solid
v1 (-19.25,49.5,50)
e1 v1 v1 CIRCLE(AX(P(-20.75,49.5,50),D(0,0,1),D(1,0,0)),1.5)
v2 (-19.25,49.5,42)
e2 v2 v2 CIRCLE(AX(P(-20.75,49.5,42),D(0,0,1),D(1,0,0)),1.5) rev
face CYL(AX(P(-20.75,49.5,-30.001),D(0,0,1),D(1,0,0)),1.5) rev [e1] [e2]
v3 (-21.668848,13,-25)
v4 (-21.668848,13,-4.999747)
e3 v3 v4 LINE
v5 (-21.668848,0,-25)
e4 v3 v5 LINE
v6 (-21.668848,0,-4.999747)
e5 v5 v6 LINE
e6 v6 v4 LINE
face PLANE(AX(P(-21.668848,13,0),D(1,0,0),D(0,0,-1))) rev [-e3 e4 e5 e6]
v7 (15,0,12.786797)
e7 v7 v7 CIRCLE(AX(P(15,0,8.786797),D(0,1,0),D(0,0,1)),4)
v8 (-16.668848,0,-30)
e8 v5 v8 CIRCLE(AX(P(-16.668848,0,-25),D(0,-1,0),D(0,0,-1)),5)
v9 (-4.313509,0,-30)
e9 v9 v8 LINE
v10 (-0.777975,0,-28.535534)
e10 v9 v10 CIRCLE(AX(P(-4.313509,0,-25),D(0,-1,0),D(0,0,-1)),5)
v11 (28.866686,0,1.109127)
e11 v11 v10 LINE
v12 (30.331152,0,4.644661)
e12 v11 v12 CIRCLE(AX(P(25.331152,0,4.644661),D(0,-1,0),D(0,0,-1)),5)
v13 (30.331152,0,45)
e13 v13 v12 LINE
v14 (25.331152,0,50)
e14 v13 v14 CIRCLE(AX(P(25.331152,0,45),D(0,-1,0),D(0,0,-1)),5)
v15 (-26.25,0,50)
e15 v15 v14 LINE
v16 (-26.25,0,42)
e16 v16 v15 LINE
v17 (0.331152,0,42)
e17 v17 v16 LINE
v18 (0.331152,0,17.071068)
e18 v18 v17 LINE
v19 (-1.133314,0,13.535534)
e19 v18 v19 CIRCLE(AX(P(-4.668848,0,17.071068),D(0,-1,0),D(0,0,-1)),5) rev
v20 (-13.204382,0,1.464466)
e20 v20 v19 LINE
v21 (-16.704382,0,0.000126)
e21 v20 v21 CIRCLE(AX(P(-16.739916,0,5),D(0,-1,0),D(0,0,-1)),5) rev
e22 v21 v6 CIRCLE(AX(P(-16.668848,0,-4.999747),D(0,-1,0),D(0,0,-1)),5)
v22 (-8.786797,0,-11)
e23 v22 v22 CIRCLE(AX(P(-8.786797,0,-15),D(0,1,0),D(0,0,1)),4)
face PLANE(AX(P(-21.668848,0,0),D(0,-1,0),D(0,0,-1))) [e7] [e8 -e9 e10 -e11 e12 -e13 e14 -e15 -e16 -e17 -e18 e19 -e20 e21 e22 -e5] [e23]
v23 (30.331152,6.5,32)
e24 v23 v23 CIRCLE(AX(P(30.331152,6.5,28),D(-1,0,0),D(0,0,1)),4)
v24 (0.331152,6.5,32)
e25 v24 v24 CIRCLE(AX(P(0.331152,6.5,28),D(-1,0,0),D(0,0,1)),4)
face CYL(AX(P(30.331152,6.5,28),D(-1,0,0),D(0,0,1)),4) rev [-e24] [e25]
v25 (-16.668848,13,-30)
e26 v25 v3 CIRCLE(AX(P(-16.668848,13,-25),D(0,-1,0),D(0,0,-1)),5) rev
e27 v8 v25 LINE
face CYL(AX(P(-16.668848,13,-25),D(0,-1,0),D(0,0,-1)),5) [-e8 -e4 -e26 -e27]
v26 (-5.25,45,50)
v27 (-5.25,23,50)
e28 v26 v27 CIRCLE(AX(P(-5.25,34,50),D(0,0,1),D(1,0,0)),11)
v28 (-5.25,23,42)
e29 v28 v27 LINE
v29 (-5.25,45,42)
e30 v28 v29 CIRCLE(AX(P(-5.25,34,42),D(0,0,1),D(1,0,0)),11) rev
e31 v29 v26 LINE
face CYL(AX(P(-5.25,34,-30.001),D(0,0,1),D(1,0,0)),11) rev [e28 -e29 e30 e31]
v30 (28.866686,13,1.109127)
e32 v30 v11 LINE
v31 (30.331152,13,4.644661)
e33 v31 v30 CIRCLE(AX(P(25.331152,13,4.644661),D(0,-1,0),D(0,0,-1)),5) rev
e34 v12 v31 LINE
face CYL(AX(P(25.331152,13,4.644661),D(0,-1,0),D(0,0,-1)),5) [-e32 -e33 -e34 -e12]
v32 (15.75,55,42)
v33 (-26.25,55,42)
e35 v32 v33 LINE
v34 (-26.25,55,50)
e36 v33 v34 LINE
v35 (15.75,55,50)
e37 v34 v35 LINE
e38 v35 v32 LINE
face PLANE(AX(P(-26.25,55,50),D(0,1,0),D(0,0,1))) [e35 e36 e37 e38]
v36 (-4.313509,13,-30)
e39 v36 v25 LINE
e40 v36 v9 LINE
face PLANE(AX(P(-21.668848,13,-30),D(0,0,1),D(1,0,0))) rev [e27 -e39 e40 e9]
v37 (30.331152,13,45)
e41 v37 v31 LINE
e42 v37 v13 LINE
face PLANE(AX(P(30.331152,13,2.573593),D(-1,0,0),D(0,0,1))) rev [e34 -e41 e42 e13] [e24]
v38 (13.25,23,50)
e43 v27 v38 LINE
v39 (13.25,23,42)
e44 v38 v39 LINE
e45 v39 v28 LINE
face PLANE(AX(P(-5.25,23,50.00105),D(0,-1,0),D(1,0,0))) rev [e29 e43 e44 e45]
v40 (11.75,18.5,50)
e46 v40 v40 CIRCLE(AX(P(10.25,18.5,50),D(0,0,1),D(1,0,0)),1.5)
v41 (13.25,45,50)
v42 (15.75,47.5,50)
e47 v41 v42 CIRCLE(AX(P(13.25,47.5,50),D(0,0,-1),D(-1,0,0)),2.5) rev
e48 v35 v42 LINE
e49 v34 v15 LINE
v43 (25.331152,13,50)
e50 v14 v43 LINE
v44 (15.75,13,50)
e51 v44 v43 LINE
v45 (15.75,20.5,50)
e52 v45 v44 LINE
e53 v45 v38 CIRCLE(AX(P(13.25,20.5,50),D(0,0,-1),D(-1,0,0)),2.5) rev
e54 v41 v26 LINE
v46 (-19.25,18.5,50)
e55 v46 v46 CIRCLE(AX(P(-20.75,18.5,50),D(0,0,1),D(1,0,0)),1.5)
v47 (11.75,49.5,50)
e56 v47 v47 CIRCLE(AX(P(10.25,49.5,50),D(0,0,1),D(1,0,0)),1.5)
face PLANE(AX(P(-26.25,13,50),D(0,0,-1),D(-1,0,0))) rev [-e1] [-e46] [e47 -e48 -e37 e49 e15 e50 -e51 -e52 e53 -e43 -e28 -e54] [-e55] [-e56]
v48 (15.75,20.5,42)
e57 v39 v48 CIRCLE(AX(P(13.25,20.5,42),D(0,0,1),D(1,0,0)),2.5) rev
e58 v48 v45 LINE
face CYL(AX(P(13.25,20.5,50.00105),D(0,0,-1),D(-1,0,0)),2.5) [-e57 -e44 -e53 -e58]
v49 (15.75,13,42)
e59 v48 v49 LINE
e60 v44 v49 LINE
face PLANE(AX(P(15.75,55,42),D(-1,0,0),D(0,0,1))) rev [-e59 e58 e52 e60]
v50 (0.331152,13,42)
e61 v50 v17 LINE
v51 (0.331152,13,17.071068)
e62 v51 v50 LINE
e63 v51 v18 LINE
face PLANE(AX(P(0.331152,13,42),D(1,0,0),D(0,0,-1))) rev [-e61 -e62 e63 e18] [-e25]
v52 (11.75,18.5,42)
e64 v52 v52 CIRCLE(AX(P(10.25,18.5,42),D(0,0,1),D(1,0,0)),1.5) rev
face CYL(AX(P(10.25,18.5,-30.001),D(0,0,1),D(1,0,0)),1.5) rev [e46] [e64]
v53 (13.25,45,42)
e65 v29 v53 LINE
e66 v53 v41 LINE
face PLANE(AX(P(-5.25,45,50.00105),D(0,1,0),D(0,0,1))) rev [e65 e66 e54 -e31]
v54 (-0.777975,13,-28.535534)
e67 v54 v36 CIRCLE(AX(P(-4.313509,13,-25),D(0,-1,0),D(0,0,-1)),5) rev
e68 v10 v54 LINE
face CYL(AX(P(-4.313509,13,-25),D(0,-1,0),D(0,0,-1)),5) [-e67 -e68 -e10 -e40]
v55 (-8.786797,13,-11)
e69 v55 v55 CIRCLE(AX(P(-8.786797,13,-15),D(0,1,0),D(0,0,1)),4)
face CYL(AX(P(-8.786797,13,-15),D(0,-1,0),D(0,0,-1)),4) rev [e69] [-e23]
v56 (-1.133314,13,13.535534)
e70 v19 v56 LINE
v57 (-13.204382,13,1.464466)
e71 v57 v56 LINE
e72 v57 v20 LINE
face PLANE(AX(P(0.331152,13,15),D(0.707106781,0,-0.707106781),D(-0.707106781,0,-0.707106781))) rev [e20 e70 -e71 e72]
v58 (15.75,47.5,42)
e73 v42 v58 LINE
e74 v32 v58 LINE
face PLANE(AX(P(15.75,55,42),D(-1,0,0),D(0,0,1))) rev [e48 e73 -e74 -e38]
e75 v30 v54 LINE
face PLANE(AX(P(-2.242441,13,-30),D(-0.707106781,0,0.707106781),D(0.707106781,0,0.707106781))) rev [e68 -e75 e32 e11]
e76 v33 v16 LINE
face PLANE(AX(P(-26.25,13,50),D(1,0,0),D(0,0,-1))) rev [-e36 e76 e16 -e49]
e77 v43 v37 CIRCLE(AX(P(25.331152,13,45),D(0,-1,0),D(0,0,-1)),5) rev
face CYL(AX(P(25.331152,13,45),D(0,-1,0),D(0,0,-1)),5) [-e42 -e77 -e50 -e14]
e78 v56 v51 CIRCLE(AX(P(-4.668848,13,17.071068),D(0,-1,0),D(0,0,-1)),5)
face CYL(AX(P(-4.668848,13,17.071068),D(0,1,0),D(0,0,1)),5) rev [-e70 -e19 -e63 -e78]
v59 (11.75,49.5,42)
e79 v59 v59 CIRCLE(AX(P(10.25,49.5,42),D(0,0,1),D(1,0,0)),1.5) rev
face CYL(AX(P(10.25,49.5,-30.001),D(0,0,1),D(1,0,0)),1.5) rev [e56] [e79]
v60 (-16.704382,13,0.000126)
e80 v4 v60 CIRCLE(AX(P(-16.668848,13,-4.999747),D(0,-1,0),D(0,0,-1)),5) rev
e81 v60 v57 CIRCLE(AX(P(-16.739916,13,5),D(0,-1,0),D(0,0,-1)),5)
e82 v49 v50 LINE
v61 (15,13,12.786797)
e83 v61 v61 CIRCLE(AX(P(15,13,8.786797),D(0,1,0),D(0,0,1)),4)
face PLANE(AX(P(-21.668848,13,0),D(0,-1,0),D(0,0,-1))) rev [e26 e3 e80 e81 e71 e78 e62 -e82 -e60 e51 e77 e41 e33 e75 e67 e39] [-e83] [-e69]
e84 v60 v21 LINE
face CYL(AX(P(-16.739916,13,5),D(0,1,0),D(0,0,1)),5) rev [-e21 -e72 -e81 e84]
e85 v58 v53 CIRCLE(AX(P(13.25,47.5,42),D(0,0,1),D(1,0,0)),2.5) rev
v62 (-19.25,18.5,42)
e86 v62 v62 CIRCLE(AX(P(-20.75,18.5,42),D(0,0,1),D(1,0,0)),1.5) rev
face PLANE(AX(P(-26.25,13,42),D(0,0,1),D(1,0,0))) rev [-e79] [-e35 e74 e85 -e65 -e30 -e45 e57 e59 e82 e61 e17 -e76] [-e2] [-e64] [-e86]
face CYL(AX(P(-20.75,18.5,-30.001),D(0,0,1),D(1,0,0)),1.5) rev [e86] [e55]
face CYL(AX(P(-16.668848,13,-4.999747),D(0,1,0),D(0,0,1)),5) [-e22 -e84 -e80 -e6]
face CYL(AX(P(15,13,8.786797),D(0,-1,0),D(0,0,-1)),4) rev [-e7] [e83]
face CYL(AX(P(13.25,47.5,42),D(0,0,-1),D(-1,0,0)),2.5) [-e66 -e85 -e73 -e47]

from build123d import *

# Parameters (mm, degrees)
SKETCH1_R       = 4
EXTRUDE1_DEPTH  = 13
FILLET5_R       = 5
FILLET6_R       = 5
SKETCH8_R       = 4
EXTRUDE7_DEPTH  = 30
SKETCH9_W       = 42
SKETCH9_H       = 8
EXTRUDE8_DEPTH  = 42
EXTRUDE9_REACH  = 82
SKETCH10_R      = 11
SKETCH10_R_2    = 1.5
EXTRUDE10_REACH = 10
SKETCH11_W      = 21
SKETCH11_H      = 22
FILLET7_R       = 2.5


with BuildPart() as part:
    # Sketch1 → Extrude1 (new body)
    with BuildSketch(Plane(origin=(0, 0, 0), x_dir=(1, 0, 0), z_dir=(0, 1, 0))):
        Polygon((-26.25, -50), (30.331151632, -50), (30.331151632, -2.573593129), (-2.242441497, 30), (-21.668848368, 30), (-21.668848368, 0), (-14.668848368, 0), (0.331151632, -15), (0.331151632, -42), (-26.25, -42), align=None)
        with Locations((-8.786796564, 15)):
            Circle(SKETCH1_R, mode=Mode.SUBTRACT)
        with Locations((15, -8.786796564)):
            Circle(SKETCH1_R, mode=Mode.SUBTRACT)
    extrude(amount=EXTRUDE1_DEPTH)

    # Fillet5
    fillet5_edges = [part.edges().sort_by_distance(p)[0] for p in [
        (-2.242441497, 6.5, -30),
        (30.331151632, 6.5, 2.573593129),
        (30.331151632, 6.5, 50),
        (0.331151632, 6.5, 15),
        (-14.668848368, 6.5, 0),
    ]]
    fillet(fillet5_edges, radius=FILLET5_R)

    # Fillet6
    fillet6_edges = [part.edges().sort_by_distance(p)[0] for p in [
        (-21.668848368, 6.5, 0),
        (-21.668848368, 6.5, -30),
    ]]
    fillet(fillet6_edges, radius=FILLET6_R)

    # Sketch8 → Extrude7 (cut)
    with BuildSketch(Plane.ZY.offset(-0.331151632)):
        with Locations((28, 6.5)):
            Circle(SKETCH8_R)
    extrude(amount=-EXTRUDE7_DEPTH, mode=Mode.SUBTRACT)

    # Sketch9 → Extrude8 (add)
    with BuildSketch(Plane(origin=(0, 13, 0), x_dir=(-1, 0, 0), z_dir=(0, 1, 0))):
        with Locations((5.25, 46)):
            Rectangle(SKETCH9_W, SKETCH9_H)
    extrude(amount=EXTRUDE8_DEPTH)

    # Sketch10 → Extrude9 (cut, up to next)
    with BuildSketch(Plane.XY.offset(50), mode=Mode.PRIVATE) as extrude9_sk1:
        with Locations((-5.25, 34)):
            Circle(SKETCH10_R)
    extrude9_tool1 = extrude(extrude9_sk1.sketch, amount=-EXTRUDE9_REACH, mode=Mode.PRIVATE) & part.part
    add(extrude9_tool1.solids().sort_by_distance((-5.25, 34, 50))[0], mode=Mode.SUBTRACT)
    # Sketch10 → Extrude9 (cut, up to next)
    with BuildSketch(Plane.XY.offset(50), mode=Mode.PRIVATE) as extrude9_sk2:
        with Locations((10.25, 49.5)):
            Circle(SKETCH10_R_2)
    extrude9_tool2 = extrude(extrude9_sk2.sketch, amount=-EXTRUDE9_REACH, mode=Mode.PRIVATE) & part.part
    add(extrude9_tool2.solids().sort_by_distance((10.25, 49.5, 50))[0], mode=Mode.SUBTRACT)
    # Sketch10 → Extrude9 (cut, up to next)
    with BuildSketch(Plane.XY.offset(50), mode=Mode.PRIVATE) as extrude9_sk3:
        with Locations((-20.75, 49.5)):
            Circle(SKETCH10_R_2)
    extrude9_tool3 = extrude(extrude9_sk3.sketch, amount=-EXTRUDE9_REACH, mode=Mode.PRIVATE) & part.part
    add(extrude9_tool3.solids().sort_by_distance((-20.75, 49.5, 50))[0], mode=Mode.SUBTRACT)
    # Sketch10 → Extrude9 (cut, up to next)
    with BuildSketch(Plane.XY.offset(50), mode=Mode.PRIVATE) as extrude9_sk4:
        with Locations((-20.75, 18.5)):
            Circle(SKETCH10_R_2)
    extrude9_tool4 = extrude(extrude9_sk4.sketch, amount=-EXTRUDE9_REACH, mode=Mode.PRIVATE) & part.part
    add(extrude9_tool4.solids().sort_by_distance((-20.75, 18.5, 50))[0], mode=Mode.SUBTRACT)
    # Sketch10 → Extrude9 (cut, up to next)
    with BuildSketch(Plane.XY.offset(50), mode=Mode.PRIVATE) as extrude9_sk5:
        with Locations((10.25, 18.5)):
            Circle(SKETCH10_R_2)
    extrude9_tool5 = extrude(extrude9_sk5.sketch, amount=-EXTRUDE9_REACH, mode=Mode.PRIVATE) & part.part
    add(extrude9_tool5.solids().sort_by_distance((10.25, 18.5, 50))[0], mode=Mode.SUBTRACT)

    # Sketch11 → Extrude10 (cut, up to next)
    with BuildSketch(Plane(origin=(0, 0, 42), x_dir=(-1, 0, 0), z_dir=(0, 0, -1)), mode=Mode.PRIVATE) as extrude10_sk1:
        with Locations((-5.25, 34)):
            Rectangle(SKETCH11_W, SKETCH11_H)
    extrude10_tool1 = extrude(extrude10_sk1.sketch, amount=-EXTRUDE10_REACH, mode=Mode.PRIVATE) & part.part
    add(extrude10_tool1.solids().sort_by_distance((5.25, 34, 42))[0], mode=Mode.SUBTRACT)

    # Fillet7
    fillet7_edges = [part.edges().sort_by_distance(p)[0] for p in [
        (15.75, 23, 46),
        (15.75, 45, 46),
    ]]
    fillet(fillet7_edges, radius=FILLET7_R)


solid = part.part
